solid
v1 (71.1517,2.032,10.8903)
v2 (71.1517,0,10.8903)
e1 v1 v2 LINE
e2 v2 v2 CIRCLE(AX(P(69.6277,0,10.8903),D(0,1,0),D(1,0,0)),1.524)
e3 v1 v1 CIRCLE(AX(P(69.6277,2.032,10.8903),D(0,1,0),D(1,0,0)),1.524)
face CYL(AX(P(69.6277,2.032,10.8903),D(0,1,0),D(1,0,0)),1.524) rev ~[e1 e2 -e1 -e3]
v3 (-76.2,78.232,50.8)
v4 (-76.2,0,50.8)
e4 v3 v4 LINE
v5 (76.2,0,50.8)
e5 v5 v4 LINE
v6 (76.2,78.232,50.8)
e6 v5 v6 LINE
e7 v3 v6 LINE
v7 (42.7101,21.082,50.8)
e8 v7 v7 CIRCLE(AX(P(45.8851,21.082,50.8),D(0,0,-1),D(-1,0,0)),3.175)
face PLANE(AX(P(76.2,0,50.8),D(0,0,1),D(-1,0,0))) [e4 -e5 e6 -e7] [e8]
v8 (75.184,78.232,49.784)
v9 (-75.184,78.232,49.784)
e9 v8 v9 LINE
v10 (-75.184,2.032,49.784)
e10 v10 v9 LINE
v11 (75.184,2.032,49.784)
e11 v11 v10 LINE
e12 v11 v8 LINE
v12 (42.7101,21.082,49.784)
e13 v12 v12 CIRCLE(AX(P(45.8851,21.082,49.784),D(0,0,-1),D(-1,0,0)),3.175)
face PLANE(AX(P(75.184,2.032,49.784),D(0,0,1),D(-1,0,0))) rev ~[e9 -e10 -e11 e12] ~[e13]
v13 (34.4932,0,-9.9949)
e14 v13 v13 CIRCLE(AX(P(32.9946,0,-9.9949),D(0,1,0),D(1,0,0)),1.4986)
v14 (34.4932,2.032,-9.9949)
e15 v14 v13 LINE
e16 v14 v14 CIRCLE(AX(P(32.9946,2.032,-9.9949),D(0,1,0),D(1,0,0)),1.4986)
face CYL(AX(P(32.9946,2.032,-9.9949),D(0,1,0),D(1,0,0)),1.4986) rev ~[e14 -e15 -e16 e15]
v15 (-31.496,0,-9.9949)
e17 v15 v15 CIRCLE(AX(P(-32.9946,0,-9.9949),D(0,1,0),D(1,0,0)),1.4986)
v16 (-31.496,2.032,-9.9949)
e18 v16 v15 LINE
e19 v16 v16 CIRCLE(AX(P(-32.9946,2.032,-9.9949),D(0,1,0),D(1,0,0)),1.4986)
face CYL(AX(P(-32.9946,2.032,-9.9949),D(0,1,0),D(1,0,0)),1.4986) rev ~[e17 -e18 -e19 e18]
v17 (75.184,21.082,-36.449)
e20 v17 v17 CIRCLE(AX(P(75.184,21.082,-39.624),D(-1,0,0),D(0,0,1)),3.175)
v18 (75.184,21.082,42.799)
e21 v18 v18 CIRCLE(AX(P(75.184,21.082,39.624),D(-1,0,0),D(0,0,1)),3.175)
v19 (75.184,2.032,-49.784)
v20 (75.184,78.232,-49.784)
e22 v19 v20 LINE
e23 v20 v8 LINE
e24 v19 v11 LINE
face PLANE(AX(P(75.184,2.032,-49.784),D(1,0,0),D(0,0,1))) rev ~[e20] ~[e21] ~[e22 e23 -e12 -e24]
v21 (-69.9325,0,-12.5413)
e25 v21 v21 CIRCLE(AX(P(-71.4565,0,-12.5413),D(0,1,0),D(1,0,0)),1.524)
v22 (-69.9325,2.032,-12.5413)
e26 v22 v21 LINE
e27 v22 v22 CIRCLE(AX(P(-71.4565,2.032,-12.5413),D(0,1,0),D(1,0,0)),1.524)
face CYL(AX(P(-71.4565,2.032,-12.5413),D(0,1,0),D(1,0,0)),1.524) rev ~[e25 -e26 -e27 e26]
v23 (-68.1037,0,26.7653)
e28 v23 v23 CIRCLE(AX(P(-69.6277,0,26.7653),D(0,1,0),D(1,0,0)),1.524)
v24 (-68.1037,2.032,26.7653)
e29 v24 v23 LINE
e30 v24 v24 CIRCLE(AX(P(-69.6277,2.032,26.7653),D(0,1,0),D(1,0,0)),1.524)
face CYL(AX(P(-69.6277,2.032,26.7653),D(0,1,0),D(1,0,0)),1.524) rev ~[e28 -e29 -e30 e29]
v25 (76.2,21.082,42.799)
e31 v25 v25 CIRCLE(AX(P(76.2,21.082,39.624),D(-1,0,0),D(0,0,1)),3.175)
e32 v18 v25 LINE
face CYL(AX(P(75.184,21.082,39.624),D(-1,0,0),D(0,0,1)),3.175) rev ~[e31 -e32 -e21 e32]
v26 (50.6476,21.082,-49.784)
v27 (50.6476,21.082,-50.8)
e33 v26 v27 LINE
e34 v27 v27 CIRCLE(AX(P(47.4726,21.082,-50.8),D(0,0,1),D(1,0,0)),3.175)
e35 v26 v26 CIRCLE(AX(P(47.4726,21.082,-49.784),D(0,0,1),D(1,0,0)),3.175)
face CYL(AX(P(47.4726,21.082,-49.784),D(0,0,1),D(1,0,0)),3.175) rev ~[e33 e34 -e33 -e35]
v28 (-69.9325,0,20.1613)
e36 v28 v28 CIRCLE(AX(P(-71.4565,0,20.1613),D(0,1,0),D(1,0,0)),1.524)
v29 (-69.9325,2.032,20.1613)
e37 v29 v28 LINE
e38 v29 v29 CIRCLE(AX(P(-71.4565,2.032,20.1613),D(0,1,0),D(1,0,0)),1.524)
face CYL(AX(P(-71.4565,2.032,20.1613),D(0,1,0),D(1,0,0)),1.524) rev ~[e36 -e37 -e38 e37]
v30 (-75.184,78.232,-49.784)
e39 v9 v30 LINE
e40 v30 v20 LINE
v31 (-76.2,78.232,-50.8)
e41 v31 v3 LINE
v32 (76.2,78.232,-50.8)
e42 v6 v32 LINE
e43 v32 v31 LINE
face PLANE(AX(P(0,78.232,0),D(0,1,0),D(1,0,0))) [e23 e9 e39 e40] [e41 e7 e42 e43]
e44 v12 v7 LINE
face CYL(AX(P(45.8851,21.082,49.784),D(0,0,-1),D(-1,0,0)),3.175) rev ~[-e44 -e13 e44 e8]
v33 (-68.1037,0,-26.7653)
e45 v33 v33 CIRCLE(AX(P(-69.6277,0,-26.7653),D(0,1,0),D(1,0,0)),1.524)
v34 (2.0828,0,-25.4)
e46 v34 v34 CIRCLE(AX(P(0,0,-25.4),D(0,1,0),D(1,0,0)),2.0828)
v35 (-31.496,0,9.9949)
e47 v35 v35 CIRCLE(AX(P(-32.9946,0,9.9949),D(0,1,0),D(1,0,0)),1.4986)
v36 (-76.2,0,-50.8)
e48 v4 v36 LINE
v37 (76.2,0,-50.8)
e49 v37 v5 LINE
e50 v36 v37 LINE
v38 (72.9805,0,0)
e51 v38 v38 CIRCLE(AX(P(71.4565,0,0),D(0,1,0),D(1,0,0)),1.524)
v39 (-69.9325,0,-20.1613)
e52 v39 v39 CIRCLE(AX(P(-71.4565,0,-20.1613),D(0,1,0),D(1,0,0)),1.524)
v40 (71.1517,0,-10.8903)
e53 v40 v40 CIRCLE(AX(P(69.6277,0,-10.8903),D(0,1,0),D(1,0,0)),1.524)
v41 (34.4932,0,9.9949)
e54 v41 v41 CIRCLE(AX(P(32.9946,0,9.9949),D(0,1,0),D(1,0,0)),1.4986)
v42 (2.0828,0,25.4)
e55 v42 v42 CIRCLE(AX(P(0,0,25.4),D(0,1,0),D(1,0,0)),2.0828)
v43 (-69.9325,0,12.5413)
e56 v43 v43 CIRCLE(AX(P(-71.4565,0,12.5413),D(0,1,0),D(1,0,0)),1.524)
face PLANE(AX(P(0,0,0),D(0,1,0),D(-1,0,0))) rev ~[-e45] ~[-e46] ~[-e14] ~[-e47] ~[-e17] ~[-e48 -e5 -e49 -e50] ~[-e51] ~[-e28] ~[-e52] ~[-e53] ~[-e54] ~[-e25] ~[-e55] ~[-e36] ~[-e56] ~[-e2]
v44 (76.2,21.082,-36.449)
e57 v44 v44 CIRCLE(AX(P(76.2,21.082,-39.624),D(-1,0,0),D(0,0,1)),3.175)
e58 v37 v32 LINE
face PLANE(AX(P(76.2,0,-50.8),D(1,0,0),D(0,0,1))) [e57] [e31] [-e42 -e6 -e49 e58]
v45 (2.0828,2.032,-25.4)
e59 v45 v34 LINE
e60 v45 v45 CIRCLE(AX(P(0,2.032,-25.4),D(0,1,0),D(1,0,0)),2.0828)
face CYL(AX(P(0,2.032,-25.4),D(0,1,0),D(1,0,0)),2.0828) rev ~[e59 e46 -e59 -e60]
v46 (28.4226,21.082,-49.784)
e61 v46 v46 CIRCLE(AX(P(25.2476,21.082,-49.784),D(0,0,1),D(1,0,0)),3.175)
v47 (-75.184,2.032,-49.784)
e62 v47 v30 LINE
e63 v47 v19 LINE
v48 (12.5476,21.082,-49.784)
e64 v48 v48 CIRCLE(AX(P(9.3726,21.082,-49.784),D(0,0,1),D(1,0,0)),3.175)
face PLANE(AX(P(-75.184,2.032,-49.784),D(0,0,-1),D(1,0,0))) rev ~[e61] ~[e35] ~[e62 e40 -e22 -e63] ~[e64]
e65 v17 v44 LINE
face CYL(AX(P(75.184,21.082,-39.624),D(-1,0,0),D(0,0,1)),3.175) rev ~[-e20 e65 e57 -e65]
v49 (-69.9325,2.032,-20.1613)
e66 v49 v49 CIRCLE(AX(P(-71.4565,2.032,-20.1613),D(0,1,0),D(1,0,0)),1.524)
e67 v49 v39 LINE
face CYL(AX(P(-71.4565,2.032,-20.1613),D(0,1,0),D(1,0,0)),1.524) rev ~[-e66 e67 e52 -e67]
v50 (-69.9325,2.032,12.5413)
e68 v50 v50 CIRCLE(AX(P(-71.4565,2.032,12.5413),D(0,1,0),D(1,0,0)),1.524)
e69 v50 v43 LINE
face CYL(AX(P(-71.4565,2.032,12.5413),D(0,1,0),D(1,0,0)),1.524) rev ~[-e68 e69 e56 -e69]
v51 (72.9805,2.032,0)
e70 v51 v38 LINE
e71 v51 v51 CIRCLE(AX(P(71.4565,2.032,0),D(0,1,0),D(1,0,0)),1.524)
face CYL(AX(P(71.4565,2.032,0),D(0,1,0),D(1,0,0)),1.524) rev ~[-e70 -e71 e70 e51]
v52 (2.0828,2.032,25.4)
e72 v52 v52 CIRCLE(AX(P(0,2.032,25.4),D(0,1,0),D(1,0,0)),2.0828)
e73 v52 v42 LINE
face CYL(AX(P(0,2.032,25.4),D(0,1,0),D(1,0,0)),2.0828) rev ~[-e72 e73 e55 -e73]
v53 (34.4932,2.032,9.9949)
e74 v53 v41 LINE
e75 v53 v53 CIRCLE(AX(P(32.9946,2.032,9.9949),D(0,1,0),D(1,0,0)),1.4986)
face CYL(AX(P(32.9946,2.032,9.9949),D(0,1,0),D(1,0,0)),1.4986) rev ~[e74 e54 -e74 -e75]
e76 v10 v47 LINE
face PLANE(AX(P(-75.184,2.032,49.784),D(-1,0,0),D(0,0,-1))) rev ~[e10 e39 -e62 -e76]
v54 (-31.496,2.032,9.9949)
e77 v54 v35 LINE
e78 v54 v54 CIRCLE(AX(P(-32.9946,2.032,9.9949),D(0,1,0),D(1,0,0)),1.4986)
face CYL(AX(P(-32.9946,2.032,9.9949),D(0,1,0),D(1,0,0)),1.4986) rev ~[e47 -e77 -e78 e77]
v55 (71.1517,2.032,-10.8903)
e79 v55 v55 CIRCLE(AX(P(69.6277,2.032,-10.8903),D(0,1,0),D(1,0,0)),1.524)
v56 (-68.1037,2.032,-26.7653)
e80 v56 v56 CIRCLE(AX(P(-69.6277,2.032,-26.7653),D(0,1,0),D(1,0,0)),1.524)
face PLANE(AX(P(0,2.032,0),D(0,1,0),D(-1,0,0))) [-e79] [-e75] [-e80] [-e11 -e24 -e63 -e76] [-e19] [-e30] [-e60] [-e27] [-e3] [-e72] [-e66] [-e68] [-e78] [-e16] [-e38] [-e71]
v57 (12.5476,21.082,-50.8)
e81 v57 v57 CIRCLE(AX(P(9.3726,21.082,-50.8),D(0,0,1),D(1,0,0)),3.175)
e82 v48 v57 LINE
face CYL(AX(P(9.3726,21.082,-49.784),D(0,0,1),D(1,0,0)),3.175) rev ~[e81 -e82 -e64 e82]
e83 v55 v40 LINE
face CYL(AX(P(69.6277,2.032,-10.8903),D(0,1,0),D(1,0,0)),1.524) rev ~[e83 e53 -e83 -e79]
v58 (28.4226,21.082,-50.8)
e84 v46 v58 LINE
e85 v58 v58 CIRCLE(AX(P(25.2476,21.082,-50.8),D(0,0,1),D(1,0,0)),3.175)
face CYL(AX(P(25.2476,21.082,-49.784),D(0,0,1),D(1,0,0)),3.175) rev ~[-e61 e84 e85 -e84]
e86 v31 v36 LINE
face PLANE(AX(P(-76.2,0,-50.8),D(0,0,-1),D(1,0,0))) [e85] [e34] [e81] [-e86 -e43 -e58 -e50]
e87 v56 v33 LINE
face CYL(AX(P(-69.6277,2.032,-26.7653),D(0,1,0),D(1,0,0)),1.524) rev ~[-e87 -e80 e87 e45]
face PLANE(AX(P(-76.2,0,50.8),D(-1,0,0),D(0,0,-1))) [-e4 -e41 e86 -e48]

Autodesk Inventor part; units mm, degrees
ref_plane "YZ Plane" through (0, 0, 0) normal (1, 0, 0) x (0, 1, 0)
ref_plane "XZ Plane" through (0, 0, 0) normal (0, 1, 0) x (-1, 0, 0)
ref_plane "XY Plane" through (0, 0, 0) normal (0, 0, 1) x (1, 0, 0)
sketch "Sketch1" plane through (0, 0, 0) normal (0, 1, 0) x (-1, 0, 0)
  line L0 (-76.2, 50.8) -> (76.2, 50.8)
  line L1 (76.2, 50.8) -> (76.2, -50.8)
  line L2 (76.2, -50.8) -> (-76.2, -50.8)
  line L3 (-76.2, -50.8) -> (-76.2, 50.8)
  line L4 (-76.2, 50.8) -> (76.2, -50.8) construction
  line L5 (76.2, 50.8) -> (-76.2, -50.8) construction
  point P0 (0, 0)
  dimension "d0" = 152.4
  dimension "d1" = 101.6
extrude "Extrusion1" add sketch "Sketch1" along normal blind 2.032
sketch "Sketch2" plane through (0, 2.032, 0) normal (0, 1, 0) x (1, 0, 0)
  line L0 (-76.2, -50.8) -> (76.2, -50.8) projected
  line L1 (76.2, -50.8) -> (76.2, 50.8) projected
  line L2 (-76.2, -50.8) -> (76.2, -50.8)
  line L3 (76.2, -50.8) -> (76.2, 50.8)
  line L4 (76.2, 50.8) -> (-76.2, 50.8)
  line L5 (-76.2, 50.8) -> (-76.2, -50.8)
  line L6 (75.184, -49.784) -> (-75.184, -49.784)
  line L7 (-75.184, -49.784) -> (-75.184, 49.784)
  line L8 (-75.184, 49.784) -> (75.184, 49.784)
  line L9 (75.184, 49.784) -> (75.184, -49.784)
  line L10 (75.184, -49.784) -> (-75.184, 49.784) construction
  line L11 (-75.184, -49.784) -> (75.184, 49.784) construction
  point P0 (0, 0)
  dimension "d4" = 150.368
  dimension "d5" = 99.568
extrude "Extrusion2" add sketch "Sketch2" along normal blind 76.2
sketch "Sketch3" plane through (0, 2.032, 0) normal (0, 1, 0) x (1, 0, 0)
  circle A0 centre (0, -25.4) radius 2.0828
  circle A1 centre (0, 25.4) radius 2.0828
  point P0 (0, 0)
  dimension "d10" = 4.1656
  dimension "d11" = 4.1656
extrude "Extrusion3" cut sketch "Sketch3" against normal through all
sketch "Sketch4" plane through (0, 2.032, 0) normal (0, 1, 0) x (1, 0, 0)
  line L0 (32.9946, -9.9949) -> (-32.9946, 9.9949) construction
  line L1 (-32.9946, -9.9949) -> (32.9946, 9.9949) construction
  circle A0 centre (-32.9946, -9.9949) radius 1.4986
  circle A1 centre (-32.9946, 9.9949) radius 1.4986
  circle A2 centre (32.9946, 9.9949) radius 1.4986
  circle A3 centre (32.9946, -9.9949) radius 1.4986
  line L2 (-70.0024, -27.7812) -> (70.0024, 27.7812) construction
  line L3 (70.0024, -27.7812) -> (-70.0024, 27.7812) construction
  line L4 (70.6437, -27.7812) -> (-70.6437, 27.7812) construction
  line L5 (-70.6437, -27.7812) -> (70.6437, 27.7812) construction
  line L6 (70.6437, -27.7812) -> (86.5188, -27.7812) construction
  circle A4 centre (-71.4565, 20.1613) radius 1.524
  circle A5 centre (-71.4565, 12.5413) radius 1.524
  circle A6 centre (-71.4565, -12.5413) radius 1.524
  circle A7 centre (-71.4565, -20.1613) radius 1.524
  circle A8 centre (-69.6277, -26.7653) radius 1.524
  circle A9 centre (-69.6277, 26.7653) radius 1.524
  circle A10 centre (69.6277, -10.8903) radius 1.524
  circle A11 centre (71.4565, 0) radius 1.524
  circle A12 centre (69.6277, 10.8903) radius 1.524
  point P0 (0, 0)
  point P1 (0, 0)
  dimension "d14" = 65.9892
  dimension "d15" = 19.9898
  dimension "d16" = 2.9972
  dimension "d17" = 2.9972
  dimension "d18" = 2.9972
  dimension "d19" = 2.9972
  dimension "d21" = 55.5625
  dimension "d62" = 141.2875
  dimension "d63" = 55.5625
  dimension "d96" = 3.048
  dimension "d97" = 3.048
  dimension "d98" = 3.048
  dimension "d99" = 3.048
  dimension "d103" = 3.048
  dimension "d106" = 3.048
  dimension "d111" = 3.048
  dimension "d112" = 3.048
  dimension "d113" = 3.048
sketch "Sketch5" plane through (-75.184, 2.032, -49.784) normal (0, 0, 1) x (1, 0, 0)
  line L0 (151.384, 76.2) -> (-1.016, 76.2) projected
  line L1 (0.0002, 76.2) -> (150.368, 76.2)
  line L2 (150.368, 76.2) -> (150.368, 0)
  line L3 (150.368, 0) -> (0.0002, 0)
  line L4 (0.0002, 0) -> (0.0002, 76.2)
  circle A0 centre (84.5566, 19.05) radius 3.175
  circle A1 centre (100.4316, 19.05) radius 3.175
  circle A2 centre (122.6566, 19.05) radius 3.175
  point P0 (75.184, -2.032)
  dimension "d39" = 6.35
  dimension "d40" = 6.35
  dimension "d41" = 6.35
extrude "Extrusion5" cut sketch "Sketch5" against normal through all contours A0 | A1 | A2
sketch "Sketch6" plane through (75.184, 2.032, -49.784) normal (-1, 0, 0) x (0, 0, 1)
  circle A0 centre (10.16, 19.05) radius 3.175
  circle A1 centre (89.408, 19.05) radius 3.175
  point P0 (49.784, -2.032)
  dimension "d44" = 6.35
  dimension "d45" = 6.35
extrude "Extrusion6" cut sketch "Sketch6" against normal through all
sketch "Sketch7" plane through (75.184, 2.032, 49.784) normal (0, 0, -1) x (-1, 0, 0)
  line L0 (150.368, 0) -> (150.368, 76.2) projected
  line L1 (150.368, 19.05) -> (155.5496, 19.05) construction
  circle A0 centre (29.2989, 19.05) radius 3.175
  point P0 (75.184, -2.032)
  dimension "d51" = 6.35
extrude "Extrusion7" cut sketch "Sketch7" against normal through all
extrude "Extrusion8" cut sketch "Sketch4" against normal through all
properties part number "546-1444-8-ADF4355"
